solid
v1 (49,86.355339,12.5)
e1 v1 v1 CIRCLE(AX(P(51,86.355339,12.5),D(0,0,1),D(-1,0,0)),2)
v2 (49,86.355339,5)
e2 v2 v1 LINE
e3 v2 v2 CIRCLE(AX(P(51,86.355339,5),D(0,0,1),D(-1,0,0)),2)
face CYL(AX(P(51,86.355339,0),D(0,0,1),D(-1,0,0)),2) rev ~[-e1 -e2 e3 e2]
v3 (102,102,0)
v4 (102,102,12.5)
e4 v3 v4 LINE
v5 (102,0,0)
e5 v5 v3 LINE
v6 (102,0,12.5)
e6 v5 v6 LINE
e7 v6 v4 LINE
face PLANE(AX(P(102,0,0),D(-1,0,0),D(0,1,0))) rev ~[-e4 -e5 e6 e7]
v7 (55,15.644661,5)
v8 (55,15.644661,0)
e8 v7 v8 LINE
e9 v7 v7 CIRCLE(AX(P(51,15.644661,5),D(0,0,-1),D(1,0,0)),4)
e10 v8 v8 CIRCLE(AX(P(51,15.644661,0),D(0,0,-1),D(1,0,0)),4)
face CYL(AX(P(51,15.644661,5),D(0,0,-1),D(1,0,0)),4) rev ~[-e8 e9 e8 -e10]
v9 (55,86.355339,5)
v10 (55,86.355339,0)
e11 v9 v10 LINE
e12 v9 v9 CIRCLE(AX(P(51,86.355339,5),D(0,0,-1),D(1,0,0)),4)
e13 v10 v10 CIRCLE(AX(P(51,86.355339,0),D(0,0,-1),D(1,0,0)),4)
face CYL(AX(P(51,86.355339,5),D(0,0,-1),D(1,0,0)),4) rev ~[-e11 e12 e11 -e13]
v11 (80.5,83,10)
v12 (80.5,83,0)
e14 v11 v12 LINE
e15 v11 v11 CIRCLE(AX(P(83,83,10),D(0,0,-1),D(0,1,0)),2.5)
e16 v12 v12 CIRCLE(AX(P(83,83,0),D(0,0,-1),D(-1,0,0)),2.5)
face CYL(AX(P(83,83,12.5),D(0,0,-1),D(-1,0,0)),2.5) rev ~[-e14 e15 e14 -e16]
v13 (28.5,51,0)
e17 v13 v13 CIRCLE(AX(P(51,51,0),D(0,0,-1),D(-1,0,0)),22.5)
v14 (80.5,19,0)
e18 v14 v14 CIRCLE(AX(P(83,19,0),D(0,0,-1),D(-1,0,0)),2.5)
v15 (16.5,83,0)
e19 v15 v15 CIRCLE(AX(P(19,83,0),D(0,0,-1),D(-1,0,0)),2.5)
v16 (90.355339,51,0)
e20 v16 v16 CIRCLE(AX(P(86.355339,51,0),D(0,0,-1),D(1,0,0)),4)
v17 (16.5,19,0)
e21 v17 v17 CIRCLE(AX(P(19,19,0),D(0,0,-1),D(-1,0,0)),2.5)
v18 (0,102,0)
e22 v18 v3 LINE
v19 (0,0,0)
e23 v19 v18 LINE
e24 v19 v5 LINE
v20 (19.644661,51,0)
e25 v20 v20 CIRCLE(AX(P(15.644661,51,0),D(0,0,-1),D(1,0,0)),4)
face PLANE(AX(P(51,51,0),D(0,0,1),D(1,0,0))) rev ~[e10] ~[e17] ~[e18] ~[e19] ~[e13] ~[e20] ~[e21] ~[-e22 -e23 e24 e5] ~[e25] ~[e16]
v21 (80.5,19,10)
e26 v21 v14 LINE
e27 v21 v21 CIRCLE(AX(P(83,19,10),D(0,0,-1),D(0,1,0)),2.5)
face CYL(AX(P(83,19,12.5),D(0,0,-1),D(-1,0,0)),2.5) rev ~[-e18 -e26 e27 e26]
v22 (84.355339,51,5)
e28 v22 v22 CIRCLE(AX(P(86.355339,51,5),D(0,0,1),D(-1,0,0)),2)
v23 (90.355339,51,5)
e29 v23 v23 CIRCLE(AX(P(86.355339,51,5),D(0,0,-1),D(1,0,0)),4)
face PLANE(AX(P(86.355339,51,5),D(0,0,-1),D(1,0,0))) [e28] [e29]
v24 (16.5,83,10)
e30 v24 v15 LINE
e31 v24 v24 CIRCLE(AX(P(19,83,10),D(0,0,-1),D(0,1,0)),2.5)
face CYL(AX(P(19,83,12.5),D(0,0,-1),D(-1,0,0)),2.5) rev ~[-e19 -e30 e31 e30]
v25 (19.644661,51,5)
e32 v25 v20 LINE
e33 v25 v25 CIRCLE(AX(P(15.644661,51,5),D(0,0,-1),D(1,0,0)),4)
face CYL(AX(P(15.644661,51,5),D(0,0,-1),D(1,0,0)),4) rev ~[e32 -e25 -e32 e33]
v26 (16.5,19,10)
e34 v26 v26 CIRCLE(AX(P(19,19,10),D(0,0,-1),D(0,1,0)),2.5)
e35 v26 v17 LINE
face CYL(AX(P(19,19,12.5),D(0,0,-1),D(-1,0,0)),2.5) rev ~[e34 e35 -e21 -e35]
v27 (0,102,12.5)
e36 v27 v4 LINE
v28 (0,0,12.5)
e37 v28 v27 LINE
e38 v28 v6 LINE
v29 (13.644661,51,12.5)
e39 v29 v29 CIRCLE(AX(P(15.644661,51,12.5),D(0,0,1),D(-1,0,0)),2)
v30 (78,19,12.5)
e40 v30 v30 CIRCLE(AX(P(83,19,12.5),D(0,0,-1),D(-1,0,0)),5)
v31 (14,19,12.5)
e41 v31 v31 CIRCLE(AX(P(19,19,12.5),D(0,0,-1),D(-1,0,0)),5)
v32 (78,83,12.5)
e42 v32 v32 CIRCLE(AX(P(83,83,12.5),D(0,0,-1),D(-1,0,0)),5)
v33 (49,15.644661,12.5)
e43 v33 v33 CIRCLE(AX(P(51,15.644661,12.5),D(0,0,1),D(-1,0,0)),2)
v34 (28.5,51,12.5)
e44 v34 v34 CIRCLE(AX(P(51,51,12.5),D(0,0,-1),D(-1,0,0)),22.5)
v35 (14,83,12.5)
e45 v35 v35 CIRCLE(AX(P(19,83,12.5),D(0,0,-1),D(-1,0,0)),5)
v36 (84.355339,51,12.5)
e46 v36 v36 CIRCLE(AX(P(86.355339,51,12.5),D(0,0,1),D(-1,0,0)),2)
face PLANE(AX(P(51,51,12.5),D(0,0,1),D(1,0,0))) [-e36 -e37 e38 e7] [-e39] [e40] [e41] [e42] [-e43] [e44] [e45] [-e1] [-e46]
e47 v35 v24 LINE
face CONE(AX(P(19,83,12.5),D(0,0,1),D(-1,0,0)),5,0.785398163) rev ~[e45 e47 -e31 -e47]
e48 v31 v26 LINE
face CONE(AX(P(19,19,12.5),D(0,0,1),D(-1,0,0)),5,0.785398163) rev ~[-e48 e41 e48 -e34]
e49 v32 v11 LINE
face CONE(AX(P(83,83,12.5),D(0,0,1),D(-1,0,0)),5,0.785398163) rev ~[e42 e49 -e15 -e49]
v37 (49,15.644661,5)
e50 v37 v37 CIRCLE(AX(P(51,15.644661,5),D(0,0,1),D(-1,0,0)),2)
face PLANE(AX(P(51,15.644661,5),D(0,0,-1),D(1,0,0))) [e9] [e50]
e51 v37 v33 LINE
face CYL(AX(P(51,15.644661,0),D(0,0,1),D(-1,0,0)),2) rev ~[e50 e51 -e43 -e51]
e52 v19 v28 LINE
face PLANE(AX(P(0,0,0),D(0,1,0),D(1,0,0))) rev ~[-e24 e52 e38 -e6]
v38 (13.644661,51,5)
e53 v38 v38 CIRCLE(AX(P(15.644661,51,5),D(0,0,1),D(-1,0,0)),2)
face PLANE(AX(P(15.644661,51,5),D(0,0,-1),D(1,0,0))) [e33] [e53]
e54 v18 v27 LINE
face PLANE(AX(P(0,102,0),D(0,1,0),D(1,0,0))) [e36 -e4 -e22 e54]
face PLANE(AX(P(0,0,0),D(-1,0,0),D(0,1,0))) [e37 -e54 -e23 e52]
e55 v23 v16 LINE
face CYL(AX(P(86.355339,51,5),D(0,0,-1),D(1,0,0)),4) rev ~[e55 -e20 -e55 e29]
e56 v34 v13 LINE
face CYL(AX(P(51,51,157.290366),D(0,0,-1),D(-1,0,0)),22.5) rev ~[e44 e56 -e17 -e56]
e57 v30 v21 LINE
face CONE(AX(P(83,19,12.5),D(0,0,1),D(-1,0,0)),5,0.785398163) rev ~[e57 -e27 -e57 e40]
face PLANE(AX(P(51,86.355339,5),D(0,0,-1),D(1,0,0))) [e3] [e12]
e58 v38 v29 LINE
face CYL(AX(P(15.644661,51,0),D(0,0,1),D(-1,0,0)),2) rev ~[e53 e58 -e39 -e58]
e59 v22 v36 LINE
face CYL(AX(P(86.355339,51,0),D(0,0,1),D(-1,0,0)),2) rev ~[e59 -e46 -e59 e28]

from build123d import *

# Parameters (mm, degrees)
F3_W           = 102
F3_H           = 102
F4_DEPTH       = 12.5
F5_D           = 45
F1_D           = 5
F1_CSINK_D     = 10
F1_CSINK_ANGLE = 90
F2_D           = 5
F2_CSINK_D     = 10
F2_CSINK_ANGLE = 90
F8_D           = 4
F8_CBORE_D     = 8
F8_CBORE_DEPTH = 5


with BuildPart() as f4:
    # F3 (on Top) → F4 (new body)
    with BuildSketch(Plane.XY):
        with Locations((51, 51)):
            Rectangle(F3_W, F3_H)
    extrude(amount=F4_DEPTH)

    # F5 (through all)
    with Locations(Plane.XY.offset(12.5)):
        with Locations((51, 51)):
            Hole(F5_D / 2)

    # F1 (through all)
    with Locations(Plane.XY.offset(12.5)):
        with Locations((19, 19)):
            CounterSinkHole(F1_D / 2, F1_CSINK_D / 2, counter_sink_angle=F1_CSINK_ANGLE)

    # F2 (through all)
    with Locations(Plane.XY.offset(12.5)):
        with Locations((83, 83), (19, 83), (83, 19)):
            CounterSinkHole(F2_D / 2, F2_CSINK_D / 2, counter_sink_angle=F2_CSINK_ANGLE)

    # F8 (through all)
    with Locations(Plane(origin=(0, 0, 0), x_dir=(1, 0, 0), z_dir=(0, 0, -1))):
        with Locations((15.644661, -51), (51, -15.644661), (86.355339, -51), (51, -86.355339)):
            CounterBoreHole(F8_D / 2, F8_CBORE_D / 2, F8_CBORE_DEPTH)


solid = f4.part
